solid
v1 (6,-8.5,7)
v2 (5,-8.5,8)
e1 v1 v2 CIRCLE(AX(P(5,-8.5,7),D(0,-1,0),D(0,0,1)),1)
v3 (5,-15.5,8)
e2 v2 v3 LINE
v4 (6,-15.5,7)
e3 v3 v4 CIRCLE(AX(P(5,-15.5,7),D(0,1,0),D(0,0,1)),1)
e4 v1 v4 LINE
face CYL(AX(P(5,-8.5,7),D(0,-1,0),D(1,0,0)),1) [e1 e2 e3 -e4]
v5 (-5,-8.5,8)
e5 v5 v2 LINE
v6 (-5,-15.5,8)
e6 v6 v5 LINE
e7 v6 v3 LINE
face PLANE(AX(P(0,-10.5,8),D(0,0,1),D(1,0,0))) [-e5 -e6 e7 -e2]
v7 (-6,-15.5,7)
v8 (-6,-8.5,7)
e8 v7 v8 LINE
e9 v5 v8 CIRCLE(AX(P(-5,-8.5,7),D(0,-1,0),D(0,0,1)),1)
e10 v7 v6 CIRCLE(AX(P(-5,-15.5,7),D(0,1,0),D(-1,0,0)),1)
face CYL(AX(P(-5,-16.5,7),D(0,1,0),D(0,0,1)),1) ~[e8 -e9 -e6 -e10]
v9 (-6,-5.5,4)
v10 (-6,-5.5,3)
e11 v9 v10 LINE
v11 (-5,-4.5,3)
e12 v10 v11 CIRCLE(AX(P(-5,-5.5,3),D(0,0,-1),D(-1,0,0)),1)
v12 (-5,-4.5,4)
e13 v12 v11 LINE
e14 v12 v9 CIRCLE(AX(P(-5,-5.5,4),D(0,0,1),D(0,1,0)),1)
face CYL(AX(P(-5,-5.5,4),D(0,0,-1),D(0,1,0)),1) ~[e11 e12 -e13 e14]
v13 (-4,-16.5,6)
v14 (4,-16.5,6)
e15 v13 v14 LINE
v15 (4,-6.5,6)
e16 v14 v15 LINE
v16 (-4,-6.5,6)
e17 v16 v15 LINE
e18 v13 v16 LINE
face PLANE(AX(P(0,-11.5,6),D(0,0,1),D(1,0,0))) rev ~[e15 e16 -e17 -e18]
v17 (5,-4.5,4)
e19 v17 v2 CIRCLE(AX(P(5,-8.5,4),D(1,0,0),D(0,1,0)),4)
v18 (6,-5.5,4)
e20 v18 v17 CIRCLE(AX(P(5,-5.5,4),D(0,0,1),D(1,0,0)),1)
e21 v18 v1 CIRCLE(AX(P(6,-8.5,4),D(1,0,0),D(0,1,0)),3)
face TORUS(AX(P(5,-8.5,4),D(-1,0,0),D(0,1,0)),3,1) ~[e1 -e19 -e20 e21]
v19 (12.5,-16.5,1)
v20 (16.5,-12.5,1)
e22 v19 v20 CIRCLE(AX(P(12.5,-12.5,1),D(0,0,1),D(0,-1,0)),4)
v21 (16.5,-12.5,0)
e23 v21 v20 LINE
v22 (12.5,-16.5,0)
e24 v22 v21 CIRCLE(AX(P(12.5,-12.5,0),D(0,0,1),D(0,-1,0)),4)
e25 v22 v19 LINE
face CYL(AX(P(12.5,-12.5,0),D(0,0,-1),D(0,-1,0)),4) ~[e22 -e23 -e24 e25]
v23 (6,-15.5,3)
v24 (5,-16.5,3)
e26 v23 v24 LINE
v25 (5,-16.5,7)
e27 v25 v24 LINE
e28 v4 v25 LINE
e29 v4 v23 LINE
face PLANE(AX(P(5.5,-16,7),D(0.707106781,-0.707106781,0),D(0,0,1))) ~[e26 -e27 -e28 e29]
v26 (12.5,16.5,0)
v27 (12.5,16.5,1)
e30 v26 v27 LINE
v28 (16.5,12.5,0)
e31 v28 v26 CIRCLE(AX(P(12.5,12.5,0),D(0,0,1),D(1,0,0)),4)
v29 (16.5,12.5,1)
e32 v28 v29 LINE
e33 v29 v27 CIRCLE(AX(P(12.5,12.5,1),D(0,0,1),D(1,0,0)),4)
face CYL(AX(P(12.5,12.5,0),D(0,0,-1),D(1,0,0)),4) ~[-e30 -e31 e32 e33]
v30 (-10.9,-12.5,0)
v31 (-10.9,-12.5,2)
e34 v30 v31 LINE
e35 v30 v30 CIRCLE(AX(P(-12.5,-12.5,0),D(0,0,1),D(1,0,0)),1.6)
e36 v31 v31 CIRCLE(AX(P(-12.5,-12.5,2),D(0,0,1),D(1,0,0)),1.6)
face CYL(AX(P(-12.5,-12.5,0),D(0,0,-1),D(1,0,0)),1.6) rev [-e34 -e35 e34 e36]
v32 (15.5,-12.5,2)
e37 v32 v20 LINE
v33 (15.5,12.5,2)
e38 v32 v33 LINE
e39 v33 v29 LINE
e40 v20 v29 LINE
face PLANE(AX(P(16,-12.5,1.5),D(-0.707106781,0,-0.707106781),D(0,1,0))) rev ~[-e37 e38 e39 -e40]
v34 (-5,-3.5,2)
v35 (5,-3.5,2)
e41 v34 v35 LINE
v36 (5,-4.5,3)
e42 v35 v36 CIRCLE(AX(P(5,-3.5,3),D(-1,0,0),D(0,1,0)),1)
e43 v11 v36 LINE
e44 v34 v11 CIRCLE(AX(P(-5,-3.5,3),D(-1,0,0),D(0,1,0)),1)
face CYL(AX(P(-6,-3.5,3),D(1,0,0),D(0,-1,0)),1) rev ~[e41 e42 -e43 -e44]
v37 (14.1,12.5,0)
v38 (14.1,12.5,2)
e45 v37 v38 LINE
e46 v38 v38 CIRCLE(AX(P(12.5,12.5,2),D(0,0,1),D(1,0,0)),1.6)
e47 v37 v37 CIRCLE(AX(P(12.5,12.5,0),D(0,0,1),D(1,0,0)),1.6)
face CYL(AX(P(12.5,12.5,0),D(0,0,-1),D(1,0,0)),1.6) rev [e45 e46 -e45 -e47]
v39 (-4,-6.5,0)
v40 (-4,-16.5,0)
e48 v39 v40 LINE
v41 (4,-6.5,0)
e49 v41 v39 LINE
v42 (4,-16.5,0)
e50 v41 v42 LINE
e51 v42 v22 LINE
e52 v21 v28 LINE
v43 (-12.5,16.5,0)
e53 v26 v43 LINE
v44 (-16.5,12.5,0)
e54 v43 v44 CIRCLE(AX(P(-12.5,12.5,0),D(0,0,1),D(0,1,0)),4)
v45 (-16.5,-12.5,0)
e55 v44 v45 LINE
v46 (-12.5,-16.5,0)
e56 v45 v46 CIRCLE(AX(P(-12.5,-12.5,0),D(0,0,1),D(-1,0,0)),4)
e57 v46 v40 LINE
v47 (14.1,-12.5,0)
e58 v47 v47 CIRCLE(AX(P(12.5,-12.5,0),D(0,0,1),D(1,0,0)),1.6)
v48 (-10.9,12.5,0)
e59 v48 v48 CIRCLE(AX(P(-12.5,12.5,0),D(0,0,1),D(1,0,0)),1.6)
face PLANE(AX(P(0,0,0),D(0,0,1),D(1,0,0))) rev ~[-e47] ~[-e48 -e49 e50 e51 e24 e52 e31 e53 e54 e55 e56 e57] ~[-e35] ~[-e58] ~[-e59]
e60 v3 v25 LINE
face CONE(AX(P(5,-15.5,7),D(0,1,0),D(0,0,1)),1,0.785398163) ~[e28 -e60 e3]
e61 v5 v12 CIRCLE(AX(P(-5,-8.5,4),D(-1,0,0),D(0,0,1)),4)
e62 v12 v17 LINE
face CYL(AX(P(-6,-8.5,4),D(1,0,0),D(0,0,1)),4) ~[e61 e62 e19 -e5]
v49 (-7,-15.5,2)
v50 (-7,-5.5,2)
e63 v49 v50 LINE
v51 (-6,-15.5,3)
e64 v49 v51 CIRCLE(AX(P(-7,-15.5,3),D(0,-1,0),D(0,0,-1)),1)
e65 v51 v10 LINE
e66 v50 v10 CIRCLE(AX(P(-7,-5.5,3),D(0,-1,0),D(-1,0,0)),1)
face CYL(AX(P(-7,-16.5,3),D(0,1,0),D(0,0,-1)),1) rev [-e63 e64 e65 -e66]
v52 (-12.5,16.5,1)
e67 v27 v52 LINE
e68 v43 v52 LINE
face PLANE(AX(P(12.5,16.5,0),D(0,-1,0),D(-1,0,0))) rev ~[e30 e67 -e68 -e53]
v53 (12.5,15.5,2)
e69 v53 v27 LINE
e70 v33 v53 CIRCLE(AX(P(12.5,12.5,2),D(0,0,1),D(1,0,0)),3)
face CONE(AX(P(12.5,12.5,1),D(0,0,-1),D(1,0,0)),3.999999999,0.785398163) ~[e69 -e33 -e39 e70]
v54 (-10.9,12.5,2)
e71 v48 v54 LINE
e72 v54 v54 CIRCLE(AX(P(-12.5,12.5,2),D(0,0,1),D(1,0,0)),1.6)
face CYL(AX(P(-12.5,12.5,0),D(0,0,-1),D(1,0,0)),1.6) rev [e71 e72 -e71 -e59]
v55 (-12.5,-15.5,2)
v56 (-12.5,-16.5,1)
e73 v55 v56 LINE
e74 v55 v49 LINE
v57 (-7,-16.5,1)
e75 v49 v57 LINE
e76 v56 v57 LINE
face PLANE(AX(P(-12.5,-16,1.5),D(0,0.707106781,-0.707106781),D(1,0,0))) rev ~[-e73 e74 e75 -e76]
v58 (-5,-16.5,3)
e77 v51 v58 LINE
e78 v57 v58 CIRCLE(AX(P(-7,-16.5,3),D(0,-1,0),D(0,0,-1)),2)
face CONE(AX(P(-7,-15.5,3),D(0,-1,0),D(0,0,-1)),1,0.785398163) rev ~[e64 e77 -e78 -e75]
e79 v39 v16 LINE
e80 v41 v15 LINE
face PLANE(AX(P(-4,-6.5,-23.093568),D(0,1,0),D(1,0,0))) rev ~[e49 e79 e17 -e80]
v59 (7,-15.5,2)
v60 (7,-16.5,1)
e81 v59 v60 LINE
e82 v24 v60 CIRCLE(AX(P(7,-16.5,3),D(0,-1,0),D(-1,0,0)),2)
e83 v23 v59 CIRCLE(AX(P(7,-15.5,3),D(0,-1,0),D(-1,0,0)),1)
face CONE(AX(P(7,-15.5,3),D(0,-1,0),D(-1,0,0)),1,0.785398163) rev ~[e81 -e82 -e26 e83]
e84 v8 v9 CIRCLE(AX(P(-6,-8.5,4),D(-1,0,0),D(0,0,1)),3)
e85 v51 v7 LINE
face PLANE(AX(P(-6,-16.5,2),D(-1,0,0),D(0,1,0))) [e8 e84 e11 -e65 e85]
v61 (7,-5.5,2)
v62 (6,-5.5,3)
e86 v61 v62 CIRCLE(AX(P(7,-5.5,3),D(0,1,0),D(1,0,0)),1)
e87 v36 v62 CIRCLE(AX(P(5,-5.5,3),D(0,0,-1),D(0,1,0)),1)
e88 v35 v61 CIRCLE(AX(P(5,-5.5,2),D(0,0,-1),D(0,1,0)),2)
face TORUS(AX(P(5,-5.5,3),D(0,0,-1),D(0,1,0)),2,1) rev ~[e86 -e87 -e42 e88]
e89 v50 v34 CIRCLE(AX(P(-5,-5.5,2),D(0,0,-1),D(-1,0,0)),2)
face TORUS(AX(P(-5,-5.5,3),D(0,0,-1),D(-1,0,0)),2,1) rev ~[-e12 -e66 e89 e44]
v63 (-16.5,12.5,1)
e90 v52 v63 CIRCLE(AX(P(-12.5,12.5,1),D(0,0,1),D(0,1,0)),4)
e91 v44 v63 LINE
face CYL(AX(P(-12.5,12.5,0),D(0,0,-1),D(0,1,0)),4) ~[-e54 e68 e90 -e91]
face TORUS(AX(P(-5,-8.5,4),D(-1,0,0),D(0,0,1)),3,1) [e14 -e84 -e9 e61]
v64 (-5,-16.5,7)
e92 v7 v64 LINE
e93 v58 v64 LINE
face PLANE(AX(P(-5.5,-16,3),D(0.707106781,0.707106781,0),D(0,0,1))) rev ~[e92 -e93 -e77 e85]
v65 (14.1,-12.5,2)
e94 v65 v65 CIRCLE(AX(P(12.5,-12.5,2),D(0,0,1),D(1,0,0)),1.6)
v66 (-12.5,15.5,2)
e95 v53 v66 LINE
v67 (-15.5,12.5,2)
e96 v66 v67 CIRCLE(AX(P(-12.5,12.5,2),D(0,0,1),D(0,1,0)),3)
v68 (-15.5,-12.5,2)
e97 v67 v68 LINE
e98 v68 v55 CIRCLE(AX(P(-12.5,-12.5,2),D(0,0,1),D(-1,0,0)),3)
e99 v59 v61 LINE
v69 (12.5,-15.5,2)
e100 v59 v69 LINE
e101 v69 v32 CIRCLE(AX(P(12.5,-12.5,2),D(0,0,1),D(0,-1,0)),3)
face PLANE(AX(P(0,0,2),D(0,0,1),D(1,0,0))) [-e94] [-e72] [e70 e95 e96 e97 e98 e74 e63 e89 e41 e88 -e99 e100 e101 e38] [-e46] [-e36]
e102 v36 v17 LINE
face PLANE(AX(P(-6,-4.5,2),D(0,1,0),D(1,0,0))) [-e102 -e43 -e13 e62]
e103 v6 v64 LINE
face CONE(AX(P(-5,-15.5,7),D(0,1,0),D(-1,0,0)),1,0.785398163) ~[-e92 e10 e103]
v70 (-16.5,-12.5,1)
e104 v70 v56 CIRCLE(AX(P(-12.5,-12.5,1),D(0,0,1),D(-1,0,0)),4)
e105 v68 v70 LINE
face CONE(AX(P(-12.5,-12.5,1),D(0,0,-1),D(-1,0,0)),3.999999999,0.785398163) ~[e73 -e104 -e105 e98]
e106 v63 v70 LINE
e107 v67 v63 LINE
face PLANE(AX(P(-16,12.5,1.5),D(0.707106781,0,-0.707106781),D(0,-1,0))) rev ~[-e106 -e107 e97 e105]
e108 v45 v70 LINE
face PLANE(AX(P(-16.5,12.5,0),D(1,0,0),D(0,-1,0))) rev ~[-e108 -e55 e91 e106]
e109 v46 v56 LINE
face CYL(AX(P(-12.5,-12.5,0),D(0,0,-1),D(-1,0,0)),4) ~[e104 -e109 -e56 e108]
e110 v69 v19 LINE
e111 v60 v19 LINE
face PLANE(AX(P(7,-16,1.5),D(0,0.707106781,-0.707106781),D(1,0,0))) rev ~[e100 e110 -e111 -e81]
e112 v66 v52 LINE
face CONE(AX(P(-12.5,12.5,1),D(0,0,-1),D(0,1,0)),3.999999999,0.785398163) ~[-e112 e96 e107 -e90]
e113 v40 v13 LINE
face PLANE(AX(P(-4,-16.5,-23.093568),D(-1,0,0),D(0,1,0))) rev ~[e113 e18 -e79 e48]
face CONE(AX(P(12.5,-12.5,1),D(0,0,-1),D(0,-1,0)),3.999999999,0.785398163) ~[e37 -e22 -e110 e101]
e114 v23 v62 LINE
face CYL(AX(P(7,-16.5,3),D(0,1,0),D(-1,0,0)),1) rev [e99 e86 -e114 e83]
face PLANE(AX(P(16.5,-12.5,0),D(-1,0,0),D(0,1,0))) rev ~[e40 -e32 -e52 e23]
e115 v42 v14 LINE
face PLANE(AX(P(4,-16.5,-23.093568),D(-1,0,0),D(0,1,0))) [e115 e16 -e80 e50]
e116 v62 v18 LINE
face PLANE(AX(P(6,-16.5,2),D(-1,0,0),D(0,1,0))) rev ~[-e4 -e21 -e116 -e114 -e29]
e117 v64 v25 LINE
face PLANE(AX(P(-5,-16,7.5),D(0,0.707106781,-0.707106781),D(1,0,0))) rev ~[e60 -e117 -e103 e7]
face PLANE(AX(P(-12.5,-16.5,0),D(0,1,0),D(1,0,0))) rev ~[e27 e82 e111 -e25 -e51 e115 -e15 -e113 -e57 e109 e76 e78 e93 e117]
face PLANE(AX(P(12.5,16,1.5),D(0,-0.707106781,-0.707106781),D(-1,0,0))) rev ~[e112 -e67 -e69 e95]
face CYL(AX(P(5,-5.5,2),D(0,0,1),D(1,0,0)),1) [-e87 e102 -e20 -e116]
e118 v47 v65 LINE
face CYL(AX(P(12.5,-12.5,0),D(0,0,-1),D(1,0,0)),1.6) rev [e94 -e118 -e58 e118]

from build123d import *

# Parameters (mm, degrees)
SKETCH1_R               = 1.6
BOSS_EXTRUDE1_DEPTH     = 2
SKETCH2_W               = 12
SKETCH2_H               = 12
BOSS_EXTRUDE2_DEPTH     = 6
CUT_EXTRUDE1_DEPTH      = 4
CUT_EXTRUDE1_DEPTH_BACK = 25.093567606
SKETCH2_3_W             = 8
SKETCH2_3_H             = 10
FILLET1_R               = 4
FILLET3_R               = 1
CHAMFER1_SIZE           = 1


with BuildPart() as part:
    # Sketch1 → Boss-Extrude1 (new body)
    with BuildSketch(Plane.XY):
        with BuildLine():
            Line((-12.5, -16.5), (12.5, -16.5))
            ThreePointArc((12.5, -16.5), (15.328427125, -15.328427125), (16.5, -12.5))
            Line((16.5, -12.5), (16.5, 12.5))
            ThreePointArc((16.5, 12.5), (15.328427125, 15.328427125), (12.5, 16.5))
            Line((12.5, 16.5), (-12.5, 16.5))
            ThreePointArc((-12.5, 16.5), (-15.328427125, 15.328427125), (-16.5, 12.5))
            Line((-16.5, 12.5), (-16.5, -12.5))
            ThreePointArc((-16.5, -12.5), (-15.328427125, -15.328427125), (-12.5, -16.5))
        make_face()
        with Locations((-12.5, -12.5)):
            Circle(SKETCH1_R, mode=Mode.SUBTRACT)
        with Locations((12.5, -12.5)):
            Circle(SKETCH1_R, mode=Mode.SUBTRACT)
        with Locations((12.5, 12.5)):
            Circle(SKETCH1_R, mode=Mode.SUBTRACT)
        with Locations((-12.5, 12.5)):
            Circle(SKETCH1_R, mode=Mode.SUBTRACT)
    extrude(amount=BOSS_EXTRUDE1_DEPTH)

    # Sketch2 → Boss-Extrude2 (add)
    with BuildSketch(Plane.XY.offset(2)):
        with Locations((0, -10.5)):
            Rectangle(SKETCH2_W, SKETCH2_H)
    extrude(amount=BOSS_EXTRUDE2_DEPTH)

    # Sketch2<3> → Cut-Extrude1 (cut, two sides: drawn at the far end of the back side and taken through both)
    with BuildSketch(Plane.XY.offset(2).offset(-CUT_EXTRUDE1_DEPTH_BACK)):
        with Locations((0, -11.5)):
            Rectangle(SKETCH2_3_W, SKETCH2_3_H)
    extrude(amount=CUT_EXTRUDE1_DEPTH + CUT_EXTRUDE1_DEPTH_BACK, mode=Mode.SUBTRACT)

    # Fillet1
    fillet1_edges = [part.edges().sort_by_distance(p)[0] for p in [
        (0, -4.5, 8),
    ]]
    fillet(fillet1_edges, radius=FILLET1_R)

    # Fillet3
    fillet3_edges = [part.edges().sort_by_distance(p)[0] for p in [
        (-6, -12.5, 8),
        (-6, -10.5, 2),
        (0, -4.5, 2),
        (6, -10.5, 2),
        (-6, -4.5, 3),
        (6, -4.5, 3),
        (6, -12.5, 8),
        (6, -5.671572875, 6.828427125),
        (-6, -5.671572875, 6.828427125),
    ]]
    fillet(fillet3_edges, radius=FILLET3_R)

    # Chamfer1
    chamfer1_edges = [part.edges().sort_by_distance(p)[0] for p in [
        (-15.328427125, -15.328427125, 2),
        (-9.75, -16.5, 2),
        (15.328427125, -15.328427125, 2),
        (16.5, 0, 2),
        (15.328427125, 15.328427125, 2),
        (0, 16.5, 2),
        (-15.328427125, 15.328427125, 2),
        (-6, -16.5, 5),
        (0, -16.5, 8),
        (9.75, -16.5, 2),
        (6, -16.5, 5),
        (5.707106781, -16.5, 7.707106781),
        (-5.707106781, -16.5, 7.707106781),
        (-16.5, 0, 2),
        (-6.292893219, -16.5, 2.292893219),
        (6.292893219, -16.5, 2.292893219),
    ]]
    chamfer(chamfer1_edges, length=CHAMFER1_SIZE)


solid = part.part
